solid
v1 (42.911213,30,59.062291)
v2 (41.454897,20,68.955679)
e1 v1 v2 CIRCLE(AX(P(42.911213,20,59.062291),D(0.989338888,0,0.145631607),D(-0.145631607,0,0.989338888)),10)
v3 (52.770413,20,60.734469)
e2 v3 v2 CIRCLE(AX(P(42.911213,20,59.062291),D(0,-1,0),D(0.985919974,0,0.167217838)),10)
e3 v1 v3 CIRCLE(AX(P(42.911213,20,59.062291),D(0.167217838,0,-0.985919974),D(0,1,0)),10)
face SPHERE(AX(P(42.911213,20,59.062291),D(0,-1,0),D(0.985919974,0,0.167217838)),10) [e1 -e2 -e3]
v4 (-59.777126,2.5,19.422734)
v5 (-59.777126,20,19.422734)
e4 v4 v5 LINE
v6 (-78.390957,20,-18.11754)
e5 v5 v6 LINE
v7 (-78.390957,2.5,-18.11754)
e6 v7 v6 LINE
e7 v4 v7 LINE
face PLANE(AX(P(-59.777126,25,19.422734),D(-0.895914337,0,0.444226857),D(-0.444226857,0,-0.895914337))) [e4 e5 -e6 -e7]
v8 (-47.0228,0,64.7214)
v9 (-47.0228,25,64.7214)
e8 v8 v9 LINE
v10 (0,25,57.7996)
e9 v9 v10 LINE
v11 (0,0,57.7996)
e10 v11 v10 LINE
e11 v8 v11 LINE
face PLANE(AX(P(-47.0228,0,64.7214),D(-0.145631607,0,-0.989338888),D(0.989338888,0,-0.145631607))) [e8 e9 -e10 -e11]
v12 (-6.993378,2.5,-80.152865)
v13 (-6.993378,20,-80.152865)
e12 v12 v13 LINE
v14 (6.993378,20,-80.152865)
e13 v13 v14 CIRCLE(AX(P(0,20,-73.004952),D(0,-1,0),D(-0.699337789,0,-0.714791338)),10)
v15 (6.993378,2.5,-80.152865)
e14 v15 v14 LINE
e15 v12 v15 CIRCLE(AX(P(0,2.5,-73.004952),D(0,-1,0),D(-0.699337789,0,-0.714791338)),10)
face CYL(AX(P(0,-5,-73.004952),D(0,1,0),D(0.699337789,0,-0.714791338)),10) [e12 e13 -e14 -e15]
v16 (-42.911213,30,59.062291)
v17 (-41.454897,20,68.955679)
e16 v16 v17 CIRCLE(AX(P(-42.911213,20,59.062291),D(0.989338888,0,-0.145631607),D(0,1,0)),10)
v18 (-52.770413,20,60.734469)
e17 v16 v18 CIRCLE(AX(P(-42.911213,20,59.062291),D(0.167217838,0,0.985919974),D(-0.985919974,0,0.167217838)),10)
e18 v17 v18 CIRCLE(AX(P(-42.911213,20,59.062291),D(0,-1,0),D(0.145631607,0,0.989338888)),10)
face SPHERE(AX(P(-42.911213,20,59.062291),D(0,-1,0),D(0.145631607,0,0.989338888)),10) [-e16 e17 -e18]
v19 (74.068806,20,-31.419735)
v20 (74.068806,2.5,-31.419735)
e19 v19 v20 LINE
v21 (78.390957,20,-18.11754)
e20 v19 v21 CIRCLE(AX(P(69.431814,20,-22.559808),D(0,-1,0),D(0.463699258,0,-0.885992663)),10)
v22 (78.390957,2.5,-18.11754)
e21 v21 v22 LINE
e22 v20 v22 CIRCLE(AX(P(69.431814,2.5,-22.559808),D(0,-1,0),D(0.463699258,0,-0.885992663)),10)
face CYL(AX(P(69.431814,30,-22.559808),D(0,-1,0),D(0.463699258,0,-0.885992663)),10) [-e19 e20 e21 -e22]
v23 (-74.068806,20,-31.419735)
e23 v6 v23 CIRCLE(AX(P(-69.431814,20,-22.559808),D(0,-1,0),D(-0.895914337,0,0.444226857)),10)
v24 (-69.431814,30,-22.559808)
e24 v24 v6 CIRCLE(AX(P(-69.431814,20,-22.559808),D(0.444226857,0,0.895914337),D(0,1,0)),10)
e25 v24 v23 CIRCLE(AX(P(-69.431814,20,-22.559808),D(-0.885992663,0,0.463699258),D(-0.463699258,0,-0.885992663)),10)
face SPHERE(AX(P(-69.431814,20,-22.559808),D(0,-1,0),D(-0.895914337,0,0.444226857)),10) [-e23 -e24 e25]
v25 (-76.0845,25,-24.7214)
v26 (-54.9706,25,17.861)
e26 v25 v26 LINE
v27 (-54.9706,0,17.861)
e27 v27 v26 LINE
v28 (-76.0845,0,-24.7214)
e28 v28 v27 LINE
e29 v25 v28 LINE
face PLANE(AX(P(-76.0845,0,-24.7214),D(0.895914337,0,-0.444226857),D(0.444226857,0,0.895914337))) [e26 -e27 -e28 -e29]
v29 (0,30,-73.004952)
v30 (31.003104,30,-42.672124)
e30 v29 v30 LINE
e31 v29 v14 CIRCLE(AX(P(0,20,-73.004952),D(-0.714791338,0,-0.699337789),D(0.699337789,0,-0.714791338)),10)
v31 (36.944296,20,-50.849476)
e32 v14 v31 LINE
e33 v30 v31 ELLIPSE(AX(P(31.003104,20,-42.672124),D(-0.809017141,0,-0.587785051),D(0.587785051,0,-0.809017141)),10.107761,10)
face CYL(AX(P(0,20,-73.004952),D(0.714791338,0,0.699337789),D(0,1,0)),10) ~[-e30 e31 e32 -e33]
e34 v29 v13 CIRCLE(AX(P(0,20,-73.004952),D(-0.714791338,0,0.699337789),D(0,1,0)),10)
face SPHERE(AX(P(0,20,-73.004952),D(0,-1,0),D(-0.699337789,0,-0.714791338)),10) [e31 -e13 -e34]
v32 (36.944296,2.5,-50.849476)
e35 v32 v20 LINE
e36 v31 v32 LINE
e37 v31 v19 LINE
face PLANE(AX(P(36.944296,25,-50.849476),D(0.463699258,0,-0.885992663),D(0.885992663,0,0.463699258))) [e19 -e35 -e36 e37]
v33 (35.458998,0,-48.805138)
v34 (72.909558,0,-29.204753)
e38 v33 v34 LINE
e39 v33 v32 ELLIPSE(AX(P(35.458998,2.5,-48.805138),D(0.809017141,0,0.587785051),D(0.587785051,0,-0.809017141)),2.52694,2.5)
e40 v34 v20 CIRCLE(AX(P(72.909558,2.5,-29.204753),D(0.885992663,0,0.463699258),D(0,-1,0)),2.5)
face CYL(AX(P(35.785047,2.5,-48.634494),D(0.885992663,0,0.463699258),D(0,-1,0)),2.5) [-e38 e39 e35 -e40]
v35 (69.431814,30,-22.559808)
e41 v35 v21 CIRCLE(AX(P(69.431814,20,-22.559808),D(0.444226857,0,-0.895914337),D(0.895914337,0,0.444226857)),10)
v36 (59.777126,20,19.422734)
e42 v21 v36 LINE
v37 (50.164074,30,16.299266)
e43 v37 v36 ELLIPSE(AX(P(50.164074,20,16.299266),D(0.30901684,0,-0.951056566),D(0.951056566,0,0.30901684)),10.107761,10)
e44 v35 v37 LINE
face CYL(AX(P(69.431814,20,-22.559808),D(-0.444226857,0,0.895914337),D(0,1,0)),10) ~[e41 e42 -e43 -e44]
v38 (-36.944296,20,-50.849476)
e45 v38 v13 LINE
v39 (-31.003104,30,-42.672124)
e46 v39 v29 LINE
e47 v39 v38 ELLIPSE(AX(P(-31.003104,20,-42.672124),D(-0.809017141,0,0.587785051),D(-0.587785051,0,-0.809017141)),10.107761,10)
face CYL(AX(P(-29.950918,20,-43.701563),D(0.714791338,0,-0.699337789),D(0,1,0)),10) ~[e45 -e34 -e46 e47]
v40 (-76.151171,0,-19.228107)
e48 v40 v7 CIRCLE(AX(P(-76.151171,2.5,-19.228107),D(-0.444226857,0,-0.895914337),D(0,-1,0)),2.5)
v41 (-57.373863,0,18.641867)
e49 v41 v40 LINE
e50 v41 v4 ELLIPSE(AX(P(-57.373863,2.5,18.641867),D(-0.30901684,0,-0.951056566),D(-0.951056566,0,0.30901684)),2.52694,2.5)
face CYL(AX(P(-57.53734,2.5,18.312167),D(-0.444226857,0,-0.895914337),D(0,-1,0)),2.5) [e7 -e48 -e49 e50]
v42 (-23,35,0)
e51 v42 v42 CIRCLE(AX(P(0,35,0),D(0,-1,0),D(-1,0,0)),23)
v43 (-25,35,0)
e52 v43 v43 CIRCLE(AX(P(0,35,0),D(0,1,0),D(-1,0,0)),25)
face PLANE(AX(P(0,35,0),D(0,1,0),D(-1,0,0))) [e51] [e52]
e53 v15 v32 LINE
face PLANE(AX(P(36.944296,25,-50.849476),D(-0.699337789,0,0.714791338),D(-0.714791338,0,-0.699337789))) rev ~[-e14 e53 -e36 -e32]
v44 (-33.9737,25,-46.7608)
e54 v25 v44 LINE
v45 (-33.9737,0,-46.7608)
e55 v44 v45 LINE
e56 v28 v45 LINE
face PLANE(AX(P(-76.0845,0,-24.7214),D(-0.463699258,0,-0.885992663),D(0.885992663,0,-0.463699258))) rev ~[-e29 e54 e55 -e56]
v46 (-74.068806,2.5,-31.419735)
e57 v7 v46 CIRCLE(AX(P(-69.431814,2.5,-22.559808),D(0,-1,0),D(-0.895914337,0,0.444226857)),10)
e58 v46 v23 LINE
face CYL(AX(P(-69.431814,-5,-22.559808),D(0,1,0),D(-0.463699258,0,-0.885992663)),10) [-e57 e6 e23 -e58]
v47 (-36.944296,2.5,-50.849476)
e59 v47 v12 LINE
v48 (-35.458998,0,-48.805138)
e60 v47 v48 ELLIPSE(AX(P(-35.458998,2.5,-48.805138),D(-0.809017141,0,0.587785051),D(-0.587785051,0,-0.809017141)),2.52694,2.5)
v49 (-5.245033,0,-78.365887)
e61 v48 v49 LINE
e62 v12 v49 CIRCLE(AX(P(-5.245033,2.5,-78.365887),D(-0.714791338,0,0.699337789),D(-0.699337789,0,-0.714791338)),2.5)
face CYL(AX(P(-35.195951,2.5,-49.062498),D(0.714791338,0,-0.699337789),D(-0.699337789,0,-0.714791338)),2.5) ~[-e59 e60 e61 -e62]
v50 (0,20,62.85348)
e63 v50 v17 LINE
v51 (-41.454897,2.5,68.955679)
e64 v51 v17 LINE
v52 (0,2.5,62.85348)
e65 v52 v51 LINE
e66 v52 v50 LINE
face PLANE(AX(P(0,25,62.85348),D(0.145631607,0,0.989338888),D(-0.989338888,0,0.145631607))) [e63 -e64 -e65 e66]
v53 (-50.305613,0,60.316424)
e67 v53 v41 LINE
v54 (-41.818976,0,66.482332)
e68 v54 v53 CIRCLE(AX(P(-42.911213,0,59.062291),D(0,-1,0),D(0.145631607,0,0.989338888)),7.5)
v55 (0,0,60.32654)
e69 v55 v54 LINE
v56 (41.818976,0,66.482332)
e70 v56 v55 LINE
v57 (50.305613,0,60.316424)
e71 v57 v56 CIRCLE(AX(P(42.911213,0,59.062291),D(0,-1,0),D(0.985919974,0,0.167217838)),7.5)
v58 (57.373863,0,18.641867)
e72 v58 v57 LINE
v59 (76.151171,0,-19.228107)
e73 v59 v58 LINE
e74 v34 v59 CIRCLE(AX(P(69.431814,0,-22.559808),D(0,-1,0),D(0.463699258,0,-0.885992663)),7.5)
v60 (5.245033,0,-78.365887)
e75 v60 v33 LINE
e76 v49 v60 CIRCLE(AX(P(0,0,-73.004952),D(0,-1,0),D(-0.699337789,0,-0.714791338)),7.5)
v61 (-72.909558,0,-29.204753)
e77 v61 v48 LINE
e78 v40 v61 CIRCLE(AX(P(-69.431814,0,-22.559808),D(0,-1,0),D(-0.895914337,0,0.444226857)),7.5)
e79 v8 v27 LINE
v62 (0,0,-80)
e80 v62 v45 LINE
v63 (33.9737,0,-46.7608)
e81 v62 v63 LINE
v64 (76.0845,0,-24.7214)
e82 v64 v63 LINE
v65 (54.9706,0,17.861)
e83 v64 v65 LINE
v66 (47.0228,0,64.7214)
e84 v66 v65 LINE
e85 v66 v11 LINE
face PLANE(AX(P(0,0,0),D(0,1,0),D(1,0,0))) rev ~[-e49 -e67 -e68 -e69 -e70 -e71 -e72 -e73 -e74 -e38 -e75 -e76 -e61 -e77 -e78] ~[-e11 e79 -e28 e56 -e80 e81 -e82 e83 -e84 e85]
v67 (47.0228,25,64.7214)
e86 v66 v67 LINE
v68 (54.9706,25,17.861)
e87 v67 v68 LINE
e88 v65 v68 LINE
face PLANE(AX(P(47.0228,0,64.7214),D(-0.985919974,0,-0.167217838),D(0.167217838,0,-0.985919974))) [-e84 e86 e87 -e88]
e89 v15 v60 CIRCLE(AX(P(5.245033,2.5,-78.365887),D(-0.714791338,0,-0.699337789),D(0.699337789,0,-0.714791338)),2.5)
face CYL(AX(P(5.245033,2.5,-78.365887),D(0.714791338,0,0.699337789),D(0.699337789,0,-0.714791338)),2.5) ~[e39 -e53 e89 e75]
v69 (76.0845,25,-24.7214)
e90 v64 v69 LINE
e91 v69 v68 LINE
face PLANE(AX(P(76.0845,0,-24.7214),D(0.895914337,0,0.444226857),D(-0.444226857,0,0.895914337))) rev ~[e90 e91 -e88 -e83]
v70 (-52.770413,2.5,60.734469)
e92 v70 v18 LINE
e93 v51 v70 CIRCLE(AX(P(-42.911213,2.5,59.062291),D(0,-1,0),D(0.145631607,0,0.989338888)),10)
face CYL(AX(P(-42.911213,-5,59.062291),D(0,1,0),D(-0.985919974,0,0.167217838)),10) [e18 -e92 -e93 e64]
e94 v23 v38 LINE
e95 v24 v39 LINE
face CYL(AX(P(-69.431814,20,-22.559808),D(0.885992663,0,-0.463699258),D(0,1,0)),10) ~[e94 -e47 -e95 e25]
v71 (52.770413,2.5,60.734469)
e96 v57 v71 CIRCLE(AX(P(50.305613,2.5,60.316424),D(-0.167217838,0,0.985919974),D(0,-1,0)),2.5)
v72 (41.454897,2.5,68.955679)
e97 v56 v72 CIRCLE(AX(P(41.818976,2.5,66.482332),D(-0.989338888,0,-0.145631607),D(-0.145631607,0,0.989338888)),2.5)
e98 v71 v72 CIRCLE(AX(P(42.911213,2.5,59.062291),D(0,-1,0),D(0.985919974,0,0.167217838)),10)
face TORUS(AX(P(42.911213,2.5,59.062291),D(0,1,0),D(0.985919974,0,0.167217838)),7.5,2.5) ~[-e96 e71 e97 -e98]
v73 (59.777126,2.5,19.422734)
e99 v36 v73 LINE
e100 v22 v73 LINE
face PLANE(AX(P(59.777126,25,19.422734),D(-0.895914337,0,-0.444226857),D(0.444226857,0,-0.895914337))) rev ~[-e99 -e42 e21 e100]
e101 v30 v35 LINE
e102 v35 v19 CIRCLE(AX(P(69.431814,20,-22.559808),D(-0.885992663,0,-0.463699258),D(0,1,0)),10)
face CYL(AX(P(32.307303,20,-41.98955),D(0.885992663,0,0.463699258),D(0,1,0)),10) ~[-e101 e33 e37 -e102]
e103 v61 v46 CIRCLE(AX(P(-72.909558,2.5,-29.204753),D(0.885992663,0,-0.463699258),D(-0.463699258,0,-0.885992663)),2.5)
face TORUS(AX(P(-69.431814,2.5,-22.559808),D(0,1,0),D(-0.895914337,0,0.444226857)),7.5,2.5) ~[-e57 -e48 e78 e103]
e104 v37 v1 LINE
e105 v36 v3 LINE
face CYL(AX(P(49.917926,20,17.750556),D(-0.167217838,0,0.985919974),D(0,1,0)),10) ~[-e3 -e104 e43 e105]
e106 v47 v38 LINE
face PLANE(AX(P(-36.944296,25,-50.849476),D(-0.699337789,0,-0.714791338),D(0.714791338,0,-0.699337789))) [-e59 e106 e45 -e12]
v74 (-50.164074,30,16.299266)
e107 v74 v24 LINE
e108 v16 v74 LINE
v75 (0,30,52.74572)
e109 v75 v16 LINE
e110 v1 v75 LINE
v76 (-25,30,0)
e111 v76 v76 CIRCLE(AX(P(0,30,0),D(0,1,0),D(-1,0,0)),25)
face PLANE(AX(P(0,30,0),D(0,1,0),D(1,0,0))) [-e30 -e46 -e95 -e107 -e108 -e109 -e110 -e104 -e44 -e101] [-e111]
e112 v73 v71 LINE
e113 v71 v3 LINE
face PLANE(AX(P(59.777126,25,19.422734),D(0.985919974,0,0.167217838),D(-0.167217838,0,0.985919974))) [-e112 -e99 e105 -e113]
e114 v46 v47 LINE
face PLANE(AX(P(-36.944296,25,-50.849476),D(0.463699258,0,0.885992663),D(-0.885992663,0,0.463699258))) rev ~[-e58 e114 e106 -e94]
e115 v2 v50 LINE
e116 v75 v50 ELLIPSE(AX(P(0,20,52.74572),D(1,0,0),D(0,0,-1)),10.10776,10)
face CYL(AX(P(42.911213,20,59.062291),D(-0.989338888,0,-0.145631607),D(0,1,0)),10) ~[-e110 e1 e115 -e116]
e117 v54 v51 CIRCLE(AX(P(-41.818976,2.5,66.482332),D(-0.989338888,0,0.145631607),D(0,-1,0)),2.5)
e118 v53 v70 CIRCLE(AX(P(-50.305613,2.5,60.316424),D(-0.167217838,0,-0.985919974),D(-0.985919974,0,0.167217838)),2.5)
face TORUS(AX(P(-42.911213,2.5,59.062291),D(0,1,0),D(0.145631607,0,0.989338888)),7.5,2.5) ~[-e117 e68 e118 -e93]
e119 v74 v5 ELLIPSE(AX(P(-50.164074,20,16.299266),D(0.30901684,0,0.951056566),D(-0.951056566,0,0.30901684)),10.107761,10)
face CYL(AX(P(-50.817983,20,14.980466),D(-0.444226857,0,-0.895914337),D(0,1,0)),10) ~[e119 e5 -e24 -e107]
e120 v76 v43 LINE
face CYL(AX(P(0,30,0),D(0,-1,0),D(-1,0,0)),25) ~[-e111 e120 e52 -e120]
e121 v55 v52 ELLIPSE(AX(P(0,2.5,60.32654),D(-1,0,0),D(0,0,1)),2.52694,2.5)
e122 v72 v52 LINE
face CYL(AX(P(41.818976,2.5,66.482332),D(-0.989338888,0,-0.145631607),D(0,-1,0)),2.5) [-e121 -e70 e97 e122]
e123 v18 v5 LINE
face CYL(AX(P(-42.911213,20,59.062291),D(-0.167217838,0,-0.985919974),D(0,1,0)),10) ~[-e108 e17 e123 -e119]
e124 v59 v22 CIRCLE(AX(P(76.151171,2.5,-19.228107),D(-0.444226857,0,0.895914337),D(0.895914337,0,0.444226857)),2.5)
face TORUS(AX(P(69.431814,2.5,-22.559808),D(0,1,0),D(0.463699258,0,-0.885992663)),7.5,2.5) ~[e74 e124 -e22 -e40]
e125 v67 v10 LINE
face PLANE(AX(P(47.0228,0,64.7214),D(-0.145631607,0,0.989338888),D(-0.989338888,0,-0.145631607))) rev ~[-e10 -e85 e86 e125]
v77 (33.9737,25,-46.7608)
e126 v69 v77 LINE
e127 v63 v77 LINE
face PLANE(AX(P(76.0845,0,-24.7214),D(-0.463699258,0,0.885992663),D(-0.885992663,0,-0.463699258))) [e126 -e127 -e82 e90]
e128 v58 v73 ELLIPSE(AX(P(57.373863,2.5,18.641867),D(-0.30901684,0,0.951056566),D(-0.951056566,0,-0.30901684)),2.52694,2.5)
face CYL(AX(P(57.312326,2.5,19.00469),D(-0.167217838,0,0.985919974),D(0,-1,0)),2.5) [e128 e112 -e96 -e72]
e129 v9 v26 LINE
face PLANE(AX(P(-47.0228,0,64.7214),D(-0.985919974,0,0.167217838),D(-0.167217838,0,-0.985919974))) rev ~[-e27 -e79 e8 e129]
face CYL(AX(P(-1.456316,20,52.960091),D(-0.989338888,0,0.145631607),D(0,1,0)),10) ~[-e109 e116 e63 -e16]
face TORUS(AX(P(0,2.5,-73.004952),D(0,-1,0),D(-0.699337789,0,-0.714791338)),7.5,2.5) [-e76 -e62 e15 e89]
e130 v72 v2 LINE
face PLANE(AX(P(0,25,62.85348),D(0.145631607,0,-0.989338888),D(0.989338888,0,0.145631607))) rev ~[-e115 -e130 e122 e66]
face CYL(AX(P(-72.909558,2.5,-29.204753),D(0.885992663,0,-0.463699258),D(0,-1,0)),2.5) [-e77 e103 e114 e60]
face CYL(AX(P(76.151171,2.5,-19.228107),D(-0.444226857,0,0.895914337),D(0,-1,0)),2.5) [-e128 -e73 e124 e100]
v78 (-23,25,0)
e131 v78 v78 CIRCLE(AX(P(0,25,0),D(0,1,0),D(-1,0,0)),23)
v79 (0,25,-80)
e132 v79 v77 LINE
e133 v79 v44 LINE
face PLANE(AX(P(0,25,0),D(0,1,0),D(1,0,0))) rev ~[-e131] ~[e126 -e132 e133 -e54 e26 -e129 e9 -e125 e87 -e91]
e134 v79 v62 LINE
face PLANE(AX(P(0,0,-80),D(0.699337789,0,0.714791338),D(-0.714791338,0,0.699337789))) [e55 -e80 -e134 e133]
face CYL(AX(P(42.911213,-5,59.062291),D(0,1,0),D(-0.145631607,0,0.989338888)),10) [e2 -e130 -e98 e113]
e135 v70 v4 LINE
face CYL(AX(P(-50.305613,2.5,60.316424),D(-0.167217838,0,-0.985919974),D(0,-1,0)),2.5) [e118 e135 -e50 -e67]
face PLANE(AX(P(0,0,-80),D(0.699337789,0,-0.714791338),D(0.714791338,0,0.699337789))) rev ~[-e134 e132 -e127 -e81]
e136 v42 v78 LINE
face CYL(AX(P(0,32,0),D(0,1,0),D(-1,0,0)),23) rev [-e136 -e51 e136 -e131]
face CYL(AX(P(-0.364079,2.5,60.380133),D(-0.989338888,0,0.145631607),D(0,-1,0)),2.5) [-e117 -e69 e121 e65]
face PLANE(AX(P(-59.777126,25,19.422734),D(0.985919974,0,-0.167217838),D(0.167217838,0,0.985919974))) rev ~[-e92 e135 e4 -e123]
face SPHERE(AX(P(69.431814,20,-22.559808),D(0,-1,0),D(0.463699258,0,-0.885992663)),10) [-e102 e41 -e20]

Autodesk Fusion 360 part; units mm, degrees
sketch "Sketch1" plane through (0, 0, 0) normal (0, 1, 0) x (1, 0, 0)
  line L0 (0, 80) -> (-33.9737, 46.7608)
  line L1 (0, 80) -> (33.9737, 46.7608)
  line L2 (-76.0845, 24.7214) -> (-33.9737, 46.7608)
  line L3 (-76.0845, 24.7214) -> (-54.9706, -17.861)
  line L4 (-47.0228, -64.7214) -> (-54.9706, -17.861)
  line L5 (-47.0228, -64.7214) -> (0, -57.7996)
  line L6 (47.0228, -64.7214) -> (0, -57.7996)
  line L7 (47.0228, -64.7214) -> (54.9706, -17.861)
  line L8 (76.0845, 24.7214) -> (54.9706, -17.861)
  line L9 (76.0845, 24.7214) -> (33.9737, 46.7608)
  circle A0 centre (0, 0) radius 25
  dimension "d35" = 50
extrude "Extrude1" add sketch "Sketch1" along normal blind 25 contours L0 L1 L2 L3 L4 L5 L6 L7 L8 L9 | A0 makes body 1
shell "Shell1" thickness 5 outward yes removed faces 1 at (11.3246, 25, -3.6796) on bodies 1
extrude "Extrude2" add 1 faces at (-65.2553, 25, -34.1513) along direction (0, 1, 0) blind 5 separate body on bodies 1 makes body 2
extrude "Extrude3" add sketch "Sketch1" along normal blind 30 separate body contours L0 L1 L2 L3 L4 L5 L6 L7 L8 L9 | A0 makes body 3
extrude "Extrude4" cut 1 faces at (11.3246, 0, -3.6796) along direction (0, 1, 0) blind 25 on bodies 3 bodies 3
sketch "Sketch2" plane through (0, 30, 0) normal (0, 1, 0) x (-1, 0, 0)
  line L0 (-47.0228, 64.7214) -> (-54.9706, 17.861)
  line L1 (-54.9706, 17.861) -> (-76.0845, -24.7214)
  line L2 (-76.0845, -24.7214) -> (-33.9737, -46.7608)
  line L3 (-33.9737, -46.7608) -> (0, -80)
  line L4 (0, -80) -> (33.9737, -46.7608)
  line L5 (33.9737, -46.7608) -> (76.0845, -24.7214)
  line L6 (76.0845, -24.7214) -> (54.9706, 17.861)
  line L7 (54.9706, 17.861) -> (47.0228, 64.7214)
  line L8 (47.0228, 64.7214) -> (0, 57.7996)
  line L9 (0, 57.7996) -> (-47.0228, 64.7214)
  circle A0 centre (0, 0) radius 25
  dimension "d65" = 50
extrude "Extrude9" cut sketch "Sketch1" against normal blind 10 bodies 1 makes body 4 at (-6.7759, 0, 1.242)
extrude "Extrude10" cut 1 faces at (-6.7759, -5, 1.242) along direction (0, 1, 0) blind 10 on bodies 4 bodies 4
delete_body "RemoveBody1" bodies 4
extrude "Extrude14" cut sketch "Sketch2" against normal blind 5 contours A0 bodies 3
extrude "Extrude15" add sketch "Sketch2" along normal blind 5 separate body contours A0 makes body 5
shell "Shell5" thickness 2 removed faces 1 at (6.7759, 35, -1.242) on bodies 5
extrude "Extrude16" cut 1 faces at (-4.7801, 32, 5.994) along direction (0, -1, 0) blind 10 on bodies 5 bodies 5
extrude "Extrude17" add 1 faces at (-24.1546, 30, -2.3847) along direction (0, -1, 0) blind 5 on bodies 5 bodies 3 5
combine "Combine1" operation add target body 2 tool bodies 1 3
fillet "Fillet1" radius 10 5 edges at (-51.1344, 12.5, 70.3805) (-82.7372, 12.5, -26.8829) (0, 12.5, -86.995) (82.7372, 12.5, -26.8829) (51.1344, 12.5, 70.3805) on bodies 2
extrude "Extrude18" cut 1 faces at (29.4926, -5, 63.8255) along direction (0, 1, 0) blind 5 on bodies 2 bodies 2
fillet "Fillet2" radius 10 15 edges at (56.2738, 30, 40.0786) (48.7891, 30, 67.1524) (20.7275, 30, 65.9045) (55.5066, 30, -41.1346) (78.9424, 30, -25.6499) (69.0841, 30, 0.6526) (-21.9688, 30, -65.5012) (0, 30, -83.005) (21.9688, 30, -65.5012) (-69.0841, 30, 0.6526) (-78.9424, 30, -25.6499) (-55.5066, 30, -41.1346) (-20.7275, 30, 65.9045) (-48.7891, 30, 67.1524) (-56.2738, 30, 40.0786) on bodies 2
fillet "Fillet3" radius 2.5 15 edges at (69.0841, 0, 0.6526) (78.9424, 0, -25.6499) (55.5066, 0, -41.1346) (21.9688, 0, -65.5012) (0, 0, -83.005) (-21.9688, 0, -65.5012) (-55.5066, 0, -41.1346) (-78.9424, 0, -25.6499) (-69.0841, 0, 0.6526) (-56.2738, 0, 40.0786) (-48.7891, 0, 67.1524) (-20.7275, 0, 65.9045) (20.7275, 0, 65.9045) (48.7891, 0, 67.1524) (56.2738, 0, 40.0786) on bodies 2
extrude "Extrude19" add sketch "Sketch1" along normal blind 5 separate body makes body 6
extrude "Extrude20" add sketch "Sketch1" along normal blind 5 contours A0 bodies 6
shell "Shell6" thickness 2 removed faces 1 at (11.3246, 5, -3.6796) on bodies 6
hidden bodies 6
